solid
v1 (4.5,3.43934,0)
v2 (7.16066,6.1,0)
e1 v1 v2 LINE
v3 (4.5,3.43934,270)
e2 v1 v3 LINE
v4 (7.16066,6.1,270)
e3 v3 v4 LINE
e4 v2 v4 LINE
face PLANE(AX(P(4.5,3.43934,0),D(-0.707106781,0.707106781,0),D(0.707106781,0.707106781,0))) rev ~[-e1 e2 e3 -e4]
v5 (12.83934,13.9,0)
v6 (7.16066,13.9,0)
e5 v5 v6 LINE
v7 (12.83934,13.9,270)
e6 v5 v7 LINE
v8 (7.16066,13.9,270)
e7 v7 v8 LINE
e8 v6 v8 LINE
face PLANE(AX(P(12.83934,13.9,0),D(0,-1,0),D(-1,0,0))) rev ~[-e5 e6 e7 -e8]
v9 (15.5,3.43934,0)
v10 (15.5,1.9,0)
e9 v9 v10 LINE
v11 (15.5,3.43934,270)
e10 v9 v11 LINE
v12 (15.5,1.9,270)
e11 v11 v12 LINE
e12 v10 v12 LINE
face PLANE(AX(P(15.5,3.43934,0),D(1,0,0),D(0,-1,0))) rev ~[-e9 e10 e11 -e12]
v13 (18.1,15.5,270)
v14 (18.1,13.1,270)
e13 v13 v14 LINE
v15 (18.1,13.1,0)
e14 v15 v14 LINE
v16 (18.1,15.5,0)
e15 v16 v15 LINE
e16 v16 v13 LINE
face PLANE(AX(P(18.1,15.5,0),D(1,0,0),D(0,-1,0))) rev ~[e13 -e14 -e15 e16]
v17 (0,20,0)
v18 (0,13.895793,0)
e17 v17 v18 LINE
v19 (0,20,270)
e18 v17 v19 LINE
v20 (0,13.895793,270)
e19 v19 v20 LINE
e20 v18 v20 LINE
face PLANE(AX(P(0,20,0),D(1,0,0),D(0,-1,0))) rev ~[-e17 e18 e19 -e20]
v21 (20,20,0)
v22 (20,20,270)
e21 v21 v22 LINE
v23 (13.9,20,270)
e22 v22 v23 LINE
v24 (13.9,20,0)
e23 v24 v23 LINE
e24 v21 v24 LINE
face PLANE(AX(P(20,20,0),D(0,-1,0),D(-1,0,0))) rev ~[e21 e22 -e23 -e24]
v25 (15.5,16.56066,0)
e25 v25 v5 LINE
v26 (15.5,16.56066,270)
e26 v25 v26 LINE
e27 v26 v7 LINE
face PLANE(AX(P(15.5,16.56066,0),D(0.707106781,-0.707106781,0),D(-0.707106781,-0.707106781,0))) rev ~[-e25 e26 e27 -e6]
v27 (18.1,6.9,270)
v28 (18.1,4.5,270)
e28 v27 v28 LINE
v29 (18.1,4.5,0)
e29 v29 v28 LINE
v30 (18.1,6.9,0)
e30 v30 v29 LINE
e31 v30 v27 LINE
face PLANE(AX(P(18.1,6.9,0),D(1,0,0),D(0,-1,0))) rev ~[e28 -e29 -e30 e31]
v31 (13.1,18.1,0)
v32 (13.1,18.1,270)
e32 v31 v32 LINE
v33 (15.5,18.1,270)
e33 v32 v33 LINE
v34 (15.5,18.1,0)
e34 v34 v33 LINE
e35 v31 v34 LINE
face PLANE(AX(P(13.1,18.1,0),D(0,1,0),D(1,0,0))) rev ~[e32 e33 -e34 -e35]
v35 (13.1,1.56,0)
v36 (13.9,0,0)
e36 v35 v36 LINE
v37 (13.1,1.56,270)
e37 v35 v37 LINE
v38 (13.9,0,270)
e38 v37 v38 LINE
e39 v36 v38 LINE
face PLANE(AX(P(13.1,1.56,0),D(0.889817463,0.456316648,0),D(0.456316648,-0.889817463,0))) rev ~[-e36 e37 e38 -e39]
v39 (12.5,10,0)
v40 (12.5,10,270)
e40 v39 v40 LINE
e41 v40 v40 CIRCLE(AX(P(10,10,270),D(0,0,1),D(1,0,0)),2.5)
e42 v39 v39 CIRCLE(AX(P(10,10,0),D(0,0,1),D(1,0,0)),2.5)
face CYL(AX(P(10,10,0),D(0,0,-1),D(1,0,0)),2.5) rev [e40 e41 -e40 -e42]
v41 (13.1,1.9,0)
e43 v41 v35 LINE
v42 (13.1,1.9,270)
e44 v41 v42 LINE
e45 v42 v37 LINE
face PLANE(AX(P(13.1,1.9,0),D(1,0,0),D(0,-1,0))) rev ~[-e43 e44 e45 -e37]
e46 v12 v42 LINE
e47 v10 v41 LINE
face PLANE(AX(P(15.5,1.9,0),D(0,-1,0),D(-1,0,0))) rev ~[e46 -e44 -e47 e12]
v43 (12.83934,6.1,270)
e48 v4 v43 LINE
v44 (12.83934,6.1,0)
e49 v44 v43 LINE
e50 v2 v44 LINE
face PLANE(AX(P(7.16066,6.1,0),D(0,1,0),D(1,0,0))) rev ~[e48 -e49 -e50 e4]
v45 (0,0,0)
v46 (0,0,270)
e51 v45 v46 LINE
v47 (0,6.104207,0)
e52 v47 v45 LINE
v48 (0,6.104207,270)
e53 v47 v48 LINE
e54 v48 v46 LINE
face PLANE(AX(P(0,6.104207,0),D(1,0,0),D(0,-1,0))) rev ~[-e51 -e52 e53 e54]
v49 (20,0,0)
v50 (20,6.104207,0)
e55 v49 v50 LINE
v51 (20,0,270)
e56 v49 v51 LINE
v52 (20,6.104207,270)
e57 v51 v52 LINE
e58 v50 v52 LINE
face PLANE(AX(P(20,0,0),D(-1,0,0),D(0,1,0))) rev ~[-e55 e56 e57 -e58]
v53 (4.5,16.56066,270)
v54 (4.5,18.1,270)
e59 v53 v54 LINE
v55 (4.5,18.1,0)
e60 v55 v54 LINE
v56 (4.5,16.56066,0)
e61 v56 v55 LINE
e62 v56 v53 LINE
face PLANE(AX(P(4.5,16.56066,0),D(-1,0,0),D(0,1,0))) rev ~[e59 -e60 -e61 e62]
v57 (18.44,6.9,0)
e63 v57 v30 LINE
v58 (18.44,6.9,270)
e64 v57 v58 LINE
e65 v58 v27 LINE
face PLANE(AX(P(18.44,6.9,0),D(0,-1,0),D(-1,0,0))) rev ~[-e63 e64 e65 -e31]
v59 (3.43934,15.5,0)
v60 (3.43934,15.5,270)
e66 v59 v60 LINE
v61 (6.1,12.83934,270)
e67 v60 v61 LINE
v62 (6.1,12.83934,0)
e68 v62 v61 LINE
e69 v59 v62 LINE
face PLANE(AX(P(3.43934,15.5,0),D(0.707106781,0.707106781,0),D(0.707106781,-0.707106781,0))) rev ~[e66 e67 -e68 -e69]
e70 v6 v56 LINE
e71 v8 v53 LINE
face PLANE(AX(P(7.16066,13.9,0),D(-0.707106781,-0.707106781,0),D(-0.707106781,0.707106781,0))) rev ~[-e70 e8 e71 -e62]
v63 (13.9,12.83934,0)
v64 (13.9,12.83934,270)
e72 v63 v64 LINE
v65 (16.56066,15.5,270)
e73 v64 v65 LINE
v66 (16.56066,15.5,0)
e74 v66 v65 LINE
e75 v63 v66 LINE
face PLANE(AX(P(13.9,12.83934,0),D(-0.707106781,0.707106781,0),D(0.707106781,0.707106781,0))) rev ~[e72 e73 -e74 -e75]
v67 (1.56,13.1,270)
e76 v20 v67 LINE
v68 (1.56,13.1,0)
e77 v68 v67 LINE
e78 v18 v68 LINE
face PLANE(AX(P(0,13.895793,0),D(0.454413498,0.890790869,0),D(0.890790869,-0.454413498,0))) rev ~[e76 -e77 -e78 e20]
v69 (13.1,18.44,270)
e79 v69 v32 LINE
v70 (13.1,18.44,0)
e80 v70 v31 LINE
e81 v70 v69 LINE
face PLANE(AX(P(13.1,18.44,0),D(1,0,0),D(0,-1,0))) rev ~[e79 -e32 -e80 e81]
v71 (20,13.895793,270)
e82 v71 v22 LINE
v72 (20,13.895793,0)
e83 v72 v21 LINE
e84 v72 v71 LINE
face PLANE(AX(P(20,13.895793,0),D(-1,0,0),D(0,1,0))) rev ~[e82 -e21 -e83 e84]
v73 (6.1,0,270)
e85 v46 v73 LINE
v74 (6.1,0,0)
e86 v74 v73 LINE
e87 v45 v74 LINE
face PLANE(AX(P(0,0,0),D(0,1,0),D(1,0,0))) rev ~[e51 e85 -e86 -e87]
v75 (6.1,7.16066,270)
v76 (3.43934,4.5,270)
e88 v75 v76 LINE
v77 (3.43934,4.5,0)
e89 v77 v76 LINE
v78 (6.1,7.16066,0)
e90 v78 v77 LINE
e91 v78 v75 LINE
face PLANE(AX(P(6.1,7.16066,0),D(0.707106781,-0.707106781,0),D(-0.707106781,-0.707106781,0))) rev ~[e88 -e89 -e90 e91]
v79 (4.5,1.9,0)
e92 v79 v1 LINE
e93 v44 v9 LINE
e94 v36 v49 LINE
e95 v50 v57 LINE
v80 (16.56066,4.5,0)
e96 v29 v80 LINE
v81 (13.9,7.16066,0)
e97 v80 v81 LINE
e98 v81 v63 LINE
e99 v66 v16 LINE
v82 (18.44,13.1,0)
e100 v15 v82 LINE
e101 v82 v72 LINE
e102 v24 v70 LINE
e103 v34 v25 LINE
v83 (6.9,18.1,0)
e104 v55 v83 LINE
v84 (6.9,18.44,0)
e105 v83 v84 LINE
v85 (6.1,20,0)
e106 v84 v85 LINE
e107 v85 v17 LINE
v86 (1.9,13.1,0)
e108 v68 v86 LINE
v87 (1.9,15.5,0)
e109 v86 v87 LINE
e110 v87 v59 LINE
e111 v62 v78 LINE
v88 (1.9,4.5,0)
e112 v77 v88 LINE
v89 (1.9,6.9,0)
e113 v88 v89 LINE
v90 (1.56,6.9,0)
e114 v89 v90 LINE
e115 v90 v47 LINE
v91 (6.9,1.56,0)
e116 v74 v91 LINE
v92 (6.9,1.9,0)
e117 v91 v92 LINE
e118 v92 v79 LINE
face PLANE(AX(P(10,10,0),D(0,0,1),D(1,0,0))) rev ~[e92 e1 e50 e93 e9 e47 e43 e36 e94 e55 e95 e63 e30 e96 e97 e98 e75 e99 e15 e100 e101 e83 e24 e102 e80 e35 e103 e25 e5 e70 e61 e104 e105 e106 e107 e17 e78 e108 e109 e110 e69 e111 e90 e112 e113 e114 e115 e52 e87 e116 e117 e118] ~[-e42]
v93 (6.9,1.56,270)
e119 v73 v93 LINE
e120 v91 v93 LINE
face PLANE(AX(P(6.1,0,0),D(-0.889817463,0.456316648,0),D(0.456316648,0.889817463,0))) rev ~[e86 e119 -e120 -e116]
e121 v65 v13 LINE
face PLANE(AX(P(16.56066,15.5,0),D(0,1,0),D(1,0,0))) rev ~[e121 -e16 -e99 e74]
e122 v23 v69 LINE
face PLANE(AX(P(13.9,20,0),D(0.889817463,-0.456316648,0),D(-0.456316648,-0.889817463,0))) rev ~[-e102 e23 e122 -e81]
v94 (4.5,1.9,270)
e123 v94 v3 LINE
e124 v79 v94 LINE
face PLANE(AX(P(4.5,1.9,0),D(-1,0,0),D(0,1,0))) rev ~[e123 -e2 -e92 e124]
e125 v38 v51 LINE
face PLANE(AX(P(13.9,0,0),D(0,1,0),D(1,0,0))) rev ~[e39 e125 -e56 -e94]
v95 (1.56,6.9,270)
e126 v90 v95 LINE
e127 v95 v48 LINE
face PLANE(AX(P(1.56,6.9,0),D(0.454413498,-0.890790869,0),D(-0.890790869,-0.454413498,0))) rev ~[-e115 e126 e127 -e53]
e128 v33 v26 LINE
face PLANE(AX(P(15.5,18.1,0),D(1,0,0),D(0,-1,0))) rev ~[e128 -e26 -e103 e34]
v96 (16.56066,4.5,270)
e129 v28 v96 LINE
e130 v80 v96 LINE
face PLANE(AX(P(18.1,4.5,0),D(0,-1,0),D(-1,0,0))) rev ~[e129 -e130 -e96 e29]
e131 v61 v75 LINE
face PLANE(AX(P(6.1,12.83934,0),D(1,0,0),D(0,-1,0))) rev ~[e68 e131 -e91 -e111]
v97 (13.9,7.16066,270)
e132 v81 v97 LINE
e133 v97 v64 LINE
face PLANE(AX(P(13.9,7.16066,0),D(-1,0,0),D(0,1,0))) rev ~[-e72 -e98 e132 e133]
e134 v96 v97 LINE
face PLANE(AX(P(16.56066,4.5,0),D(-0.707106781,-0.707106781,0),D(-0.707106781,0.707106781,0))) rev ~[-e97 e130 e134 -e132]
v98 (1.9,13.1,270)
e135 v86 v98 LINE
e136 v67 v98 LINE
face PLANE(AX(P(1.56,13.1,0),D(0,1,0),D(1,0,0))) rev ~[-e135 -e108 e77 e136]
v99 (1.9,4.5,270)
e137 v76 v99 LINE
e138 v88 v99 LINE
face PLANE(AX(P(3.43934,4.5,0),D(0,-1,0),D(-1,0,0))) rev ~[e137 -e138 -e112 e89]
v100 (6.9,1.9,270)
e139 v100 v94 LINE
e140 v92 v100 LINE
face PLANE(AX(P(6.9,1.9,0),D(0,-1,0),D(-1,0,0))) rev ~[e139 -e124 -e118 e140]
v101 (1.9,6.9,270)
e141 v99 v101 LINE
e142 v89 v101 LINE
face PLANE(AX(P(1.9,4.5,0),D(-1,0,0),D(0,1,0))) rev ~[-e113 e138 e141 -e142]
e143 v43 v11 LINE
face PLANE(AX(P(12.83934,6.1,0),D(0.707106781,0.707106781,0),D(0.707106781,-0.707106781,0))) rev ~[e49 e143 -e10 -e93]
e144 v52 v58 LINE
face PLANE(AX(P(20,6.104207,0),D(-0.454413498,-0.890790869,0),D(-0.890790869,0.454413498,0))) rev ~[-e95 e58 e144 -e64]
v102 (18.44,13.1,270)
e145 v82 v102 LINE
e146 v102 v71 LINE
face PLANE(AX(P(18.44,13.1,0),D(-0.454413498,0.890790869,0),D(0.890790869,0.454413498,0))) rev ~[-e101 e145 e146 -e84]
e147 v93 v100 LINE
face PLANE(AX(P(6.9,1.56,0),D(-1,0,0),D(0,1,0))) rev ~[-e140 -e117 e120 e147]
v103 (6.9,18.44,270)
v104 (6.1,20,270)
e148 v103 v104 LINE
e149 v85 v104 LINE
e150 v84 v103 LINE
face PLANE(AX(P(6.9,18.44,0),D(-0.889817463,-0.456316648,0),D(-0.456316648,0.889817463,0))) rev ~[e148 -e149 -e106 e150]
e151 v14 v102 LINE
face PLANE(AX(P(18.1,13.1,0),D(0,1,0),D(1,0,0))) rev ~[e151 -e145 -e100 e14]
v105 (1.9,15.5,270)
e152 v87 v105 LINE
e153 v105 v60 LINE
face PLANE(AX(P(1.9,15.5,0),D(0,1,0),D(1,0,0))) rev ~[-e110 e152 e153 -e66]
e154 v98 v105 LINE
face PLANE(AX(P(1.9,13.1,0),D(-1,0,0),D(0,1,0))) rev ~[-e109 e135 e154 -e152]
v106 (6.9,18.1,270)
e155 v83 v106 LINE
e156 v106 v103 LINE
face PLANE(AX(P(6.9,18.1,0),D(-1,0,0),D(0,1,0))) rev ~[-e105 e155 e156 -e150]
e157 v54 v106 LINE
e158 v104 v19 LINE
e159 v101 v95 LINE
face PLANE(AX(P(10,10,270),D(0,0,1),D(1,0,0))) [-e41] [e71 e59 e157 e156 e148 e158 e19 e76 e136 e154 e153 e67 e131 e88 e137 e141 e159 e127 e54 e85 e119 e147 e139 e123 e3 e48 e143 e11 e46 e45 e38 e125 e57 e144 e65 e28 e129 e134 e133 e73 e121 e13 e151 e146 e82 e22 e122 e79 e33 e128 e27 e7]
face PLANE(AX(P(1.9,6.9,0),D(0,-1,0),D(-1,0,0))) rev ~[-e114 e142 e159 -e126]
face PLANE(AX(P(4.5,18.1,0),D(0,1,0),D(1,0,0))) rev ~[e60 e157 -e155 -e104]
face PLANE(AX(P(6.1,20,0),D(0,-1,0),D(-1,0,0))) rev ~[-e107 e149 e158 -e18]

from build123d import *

# Parameters (mm, degrees)
SKETCH1_R           = 2.5
BOSS_EXTRUDE1_DEPTH = 270


with BuildPart() as part:
    # Sketch1 → Boss-Extrude1 (new body)
    with BuildSketch(Plane.XY):
        Polygon((6.1, 20), (0, 20), (0, 13.895792909), (1.56, 13.1), (1.9, 13.1), (1.9, 15.5), (3.439339828, 15.5), (6.1, 12.839339828), (6.1, 7.160660172), (3.439339828, 4.5), (1.9, 4.5), (1.9, 6.9), (1.56, 6.9), (0, 6.104207091), (0, 0), (6.1, 0), (6.9, 1.56), (6.9, 1.9), (4.5, 1.9), (4.5, 3.439339828), (7.160660172, 6.1), (12.839339828, 6.1), (15.5, 3.439339828), (15.5, 1.9), (13.1, 1.9), (13.1, 1.56), (13.9, 0), (20, 0), (20, 6.104207091), (18.44, 6.9), (18.1, 6.9), (18.1, 4.5), (16.560660172, 4.5), (13.9, 7.160660172), (13.9, 12.839339828), (16.560660172, 15.5), (18.1, 15.5), (18.1, 13.1), (18.44, 13.1), (20, 13.895792909), (20, 20), (13.9, 20), (13.1, 18.44), (13.1, 18.1), (15.5, 18.1), (15.5, 16.560660172), (12.839339828, 13.9), (7.160660172, 13.9), (4.5, 16.560660172), (4.5, 18.1), (6.9, 18.1), (6.9, 18.44), align=None)
        with Locations((10, 10)):
            Circle(SKETCH1_R, mode=Mode.SUBTRACT)
    extrude(amount=BOSS_EXTRUDE1_DEPTH)


solid = part.part
